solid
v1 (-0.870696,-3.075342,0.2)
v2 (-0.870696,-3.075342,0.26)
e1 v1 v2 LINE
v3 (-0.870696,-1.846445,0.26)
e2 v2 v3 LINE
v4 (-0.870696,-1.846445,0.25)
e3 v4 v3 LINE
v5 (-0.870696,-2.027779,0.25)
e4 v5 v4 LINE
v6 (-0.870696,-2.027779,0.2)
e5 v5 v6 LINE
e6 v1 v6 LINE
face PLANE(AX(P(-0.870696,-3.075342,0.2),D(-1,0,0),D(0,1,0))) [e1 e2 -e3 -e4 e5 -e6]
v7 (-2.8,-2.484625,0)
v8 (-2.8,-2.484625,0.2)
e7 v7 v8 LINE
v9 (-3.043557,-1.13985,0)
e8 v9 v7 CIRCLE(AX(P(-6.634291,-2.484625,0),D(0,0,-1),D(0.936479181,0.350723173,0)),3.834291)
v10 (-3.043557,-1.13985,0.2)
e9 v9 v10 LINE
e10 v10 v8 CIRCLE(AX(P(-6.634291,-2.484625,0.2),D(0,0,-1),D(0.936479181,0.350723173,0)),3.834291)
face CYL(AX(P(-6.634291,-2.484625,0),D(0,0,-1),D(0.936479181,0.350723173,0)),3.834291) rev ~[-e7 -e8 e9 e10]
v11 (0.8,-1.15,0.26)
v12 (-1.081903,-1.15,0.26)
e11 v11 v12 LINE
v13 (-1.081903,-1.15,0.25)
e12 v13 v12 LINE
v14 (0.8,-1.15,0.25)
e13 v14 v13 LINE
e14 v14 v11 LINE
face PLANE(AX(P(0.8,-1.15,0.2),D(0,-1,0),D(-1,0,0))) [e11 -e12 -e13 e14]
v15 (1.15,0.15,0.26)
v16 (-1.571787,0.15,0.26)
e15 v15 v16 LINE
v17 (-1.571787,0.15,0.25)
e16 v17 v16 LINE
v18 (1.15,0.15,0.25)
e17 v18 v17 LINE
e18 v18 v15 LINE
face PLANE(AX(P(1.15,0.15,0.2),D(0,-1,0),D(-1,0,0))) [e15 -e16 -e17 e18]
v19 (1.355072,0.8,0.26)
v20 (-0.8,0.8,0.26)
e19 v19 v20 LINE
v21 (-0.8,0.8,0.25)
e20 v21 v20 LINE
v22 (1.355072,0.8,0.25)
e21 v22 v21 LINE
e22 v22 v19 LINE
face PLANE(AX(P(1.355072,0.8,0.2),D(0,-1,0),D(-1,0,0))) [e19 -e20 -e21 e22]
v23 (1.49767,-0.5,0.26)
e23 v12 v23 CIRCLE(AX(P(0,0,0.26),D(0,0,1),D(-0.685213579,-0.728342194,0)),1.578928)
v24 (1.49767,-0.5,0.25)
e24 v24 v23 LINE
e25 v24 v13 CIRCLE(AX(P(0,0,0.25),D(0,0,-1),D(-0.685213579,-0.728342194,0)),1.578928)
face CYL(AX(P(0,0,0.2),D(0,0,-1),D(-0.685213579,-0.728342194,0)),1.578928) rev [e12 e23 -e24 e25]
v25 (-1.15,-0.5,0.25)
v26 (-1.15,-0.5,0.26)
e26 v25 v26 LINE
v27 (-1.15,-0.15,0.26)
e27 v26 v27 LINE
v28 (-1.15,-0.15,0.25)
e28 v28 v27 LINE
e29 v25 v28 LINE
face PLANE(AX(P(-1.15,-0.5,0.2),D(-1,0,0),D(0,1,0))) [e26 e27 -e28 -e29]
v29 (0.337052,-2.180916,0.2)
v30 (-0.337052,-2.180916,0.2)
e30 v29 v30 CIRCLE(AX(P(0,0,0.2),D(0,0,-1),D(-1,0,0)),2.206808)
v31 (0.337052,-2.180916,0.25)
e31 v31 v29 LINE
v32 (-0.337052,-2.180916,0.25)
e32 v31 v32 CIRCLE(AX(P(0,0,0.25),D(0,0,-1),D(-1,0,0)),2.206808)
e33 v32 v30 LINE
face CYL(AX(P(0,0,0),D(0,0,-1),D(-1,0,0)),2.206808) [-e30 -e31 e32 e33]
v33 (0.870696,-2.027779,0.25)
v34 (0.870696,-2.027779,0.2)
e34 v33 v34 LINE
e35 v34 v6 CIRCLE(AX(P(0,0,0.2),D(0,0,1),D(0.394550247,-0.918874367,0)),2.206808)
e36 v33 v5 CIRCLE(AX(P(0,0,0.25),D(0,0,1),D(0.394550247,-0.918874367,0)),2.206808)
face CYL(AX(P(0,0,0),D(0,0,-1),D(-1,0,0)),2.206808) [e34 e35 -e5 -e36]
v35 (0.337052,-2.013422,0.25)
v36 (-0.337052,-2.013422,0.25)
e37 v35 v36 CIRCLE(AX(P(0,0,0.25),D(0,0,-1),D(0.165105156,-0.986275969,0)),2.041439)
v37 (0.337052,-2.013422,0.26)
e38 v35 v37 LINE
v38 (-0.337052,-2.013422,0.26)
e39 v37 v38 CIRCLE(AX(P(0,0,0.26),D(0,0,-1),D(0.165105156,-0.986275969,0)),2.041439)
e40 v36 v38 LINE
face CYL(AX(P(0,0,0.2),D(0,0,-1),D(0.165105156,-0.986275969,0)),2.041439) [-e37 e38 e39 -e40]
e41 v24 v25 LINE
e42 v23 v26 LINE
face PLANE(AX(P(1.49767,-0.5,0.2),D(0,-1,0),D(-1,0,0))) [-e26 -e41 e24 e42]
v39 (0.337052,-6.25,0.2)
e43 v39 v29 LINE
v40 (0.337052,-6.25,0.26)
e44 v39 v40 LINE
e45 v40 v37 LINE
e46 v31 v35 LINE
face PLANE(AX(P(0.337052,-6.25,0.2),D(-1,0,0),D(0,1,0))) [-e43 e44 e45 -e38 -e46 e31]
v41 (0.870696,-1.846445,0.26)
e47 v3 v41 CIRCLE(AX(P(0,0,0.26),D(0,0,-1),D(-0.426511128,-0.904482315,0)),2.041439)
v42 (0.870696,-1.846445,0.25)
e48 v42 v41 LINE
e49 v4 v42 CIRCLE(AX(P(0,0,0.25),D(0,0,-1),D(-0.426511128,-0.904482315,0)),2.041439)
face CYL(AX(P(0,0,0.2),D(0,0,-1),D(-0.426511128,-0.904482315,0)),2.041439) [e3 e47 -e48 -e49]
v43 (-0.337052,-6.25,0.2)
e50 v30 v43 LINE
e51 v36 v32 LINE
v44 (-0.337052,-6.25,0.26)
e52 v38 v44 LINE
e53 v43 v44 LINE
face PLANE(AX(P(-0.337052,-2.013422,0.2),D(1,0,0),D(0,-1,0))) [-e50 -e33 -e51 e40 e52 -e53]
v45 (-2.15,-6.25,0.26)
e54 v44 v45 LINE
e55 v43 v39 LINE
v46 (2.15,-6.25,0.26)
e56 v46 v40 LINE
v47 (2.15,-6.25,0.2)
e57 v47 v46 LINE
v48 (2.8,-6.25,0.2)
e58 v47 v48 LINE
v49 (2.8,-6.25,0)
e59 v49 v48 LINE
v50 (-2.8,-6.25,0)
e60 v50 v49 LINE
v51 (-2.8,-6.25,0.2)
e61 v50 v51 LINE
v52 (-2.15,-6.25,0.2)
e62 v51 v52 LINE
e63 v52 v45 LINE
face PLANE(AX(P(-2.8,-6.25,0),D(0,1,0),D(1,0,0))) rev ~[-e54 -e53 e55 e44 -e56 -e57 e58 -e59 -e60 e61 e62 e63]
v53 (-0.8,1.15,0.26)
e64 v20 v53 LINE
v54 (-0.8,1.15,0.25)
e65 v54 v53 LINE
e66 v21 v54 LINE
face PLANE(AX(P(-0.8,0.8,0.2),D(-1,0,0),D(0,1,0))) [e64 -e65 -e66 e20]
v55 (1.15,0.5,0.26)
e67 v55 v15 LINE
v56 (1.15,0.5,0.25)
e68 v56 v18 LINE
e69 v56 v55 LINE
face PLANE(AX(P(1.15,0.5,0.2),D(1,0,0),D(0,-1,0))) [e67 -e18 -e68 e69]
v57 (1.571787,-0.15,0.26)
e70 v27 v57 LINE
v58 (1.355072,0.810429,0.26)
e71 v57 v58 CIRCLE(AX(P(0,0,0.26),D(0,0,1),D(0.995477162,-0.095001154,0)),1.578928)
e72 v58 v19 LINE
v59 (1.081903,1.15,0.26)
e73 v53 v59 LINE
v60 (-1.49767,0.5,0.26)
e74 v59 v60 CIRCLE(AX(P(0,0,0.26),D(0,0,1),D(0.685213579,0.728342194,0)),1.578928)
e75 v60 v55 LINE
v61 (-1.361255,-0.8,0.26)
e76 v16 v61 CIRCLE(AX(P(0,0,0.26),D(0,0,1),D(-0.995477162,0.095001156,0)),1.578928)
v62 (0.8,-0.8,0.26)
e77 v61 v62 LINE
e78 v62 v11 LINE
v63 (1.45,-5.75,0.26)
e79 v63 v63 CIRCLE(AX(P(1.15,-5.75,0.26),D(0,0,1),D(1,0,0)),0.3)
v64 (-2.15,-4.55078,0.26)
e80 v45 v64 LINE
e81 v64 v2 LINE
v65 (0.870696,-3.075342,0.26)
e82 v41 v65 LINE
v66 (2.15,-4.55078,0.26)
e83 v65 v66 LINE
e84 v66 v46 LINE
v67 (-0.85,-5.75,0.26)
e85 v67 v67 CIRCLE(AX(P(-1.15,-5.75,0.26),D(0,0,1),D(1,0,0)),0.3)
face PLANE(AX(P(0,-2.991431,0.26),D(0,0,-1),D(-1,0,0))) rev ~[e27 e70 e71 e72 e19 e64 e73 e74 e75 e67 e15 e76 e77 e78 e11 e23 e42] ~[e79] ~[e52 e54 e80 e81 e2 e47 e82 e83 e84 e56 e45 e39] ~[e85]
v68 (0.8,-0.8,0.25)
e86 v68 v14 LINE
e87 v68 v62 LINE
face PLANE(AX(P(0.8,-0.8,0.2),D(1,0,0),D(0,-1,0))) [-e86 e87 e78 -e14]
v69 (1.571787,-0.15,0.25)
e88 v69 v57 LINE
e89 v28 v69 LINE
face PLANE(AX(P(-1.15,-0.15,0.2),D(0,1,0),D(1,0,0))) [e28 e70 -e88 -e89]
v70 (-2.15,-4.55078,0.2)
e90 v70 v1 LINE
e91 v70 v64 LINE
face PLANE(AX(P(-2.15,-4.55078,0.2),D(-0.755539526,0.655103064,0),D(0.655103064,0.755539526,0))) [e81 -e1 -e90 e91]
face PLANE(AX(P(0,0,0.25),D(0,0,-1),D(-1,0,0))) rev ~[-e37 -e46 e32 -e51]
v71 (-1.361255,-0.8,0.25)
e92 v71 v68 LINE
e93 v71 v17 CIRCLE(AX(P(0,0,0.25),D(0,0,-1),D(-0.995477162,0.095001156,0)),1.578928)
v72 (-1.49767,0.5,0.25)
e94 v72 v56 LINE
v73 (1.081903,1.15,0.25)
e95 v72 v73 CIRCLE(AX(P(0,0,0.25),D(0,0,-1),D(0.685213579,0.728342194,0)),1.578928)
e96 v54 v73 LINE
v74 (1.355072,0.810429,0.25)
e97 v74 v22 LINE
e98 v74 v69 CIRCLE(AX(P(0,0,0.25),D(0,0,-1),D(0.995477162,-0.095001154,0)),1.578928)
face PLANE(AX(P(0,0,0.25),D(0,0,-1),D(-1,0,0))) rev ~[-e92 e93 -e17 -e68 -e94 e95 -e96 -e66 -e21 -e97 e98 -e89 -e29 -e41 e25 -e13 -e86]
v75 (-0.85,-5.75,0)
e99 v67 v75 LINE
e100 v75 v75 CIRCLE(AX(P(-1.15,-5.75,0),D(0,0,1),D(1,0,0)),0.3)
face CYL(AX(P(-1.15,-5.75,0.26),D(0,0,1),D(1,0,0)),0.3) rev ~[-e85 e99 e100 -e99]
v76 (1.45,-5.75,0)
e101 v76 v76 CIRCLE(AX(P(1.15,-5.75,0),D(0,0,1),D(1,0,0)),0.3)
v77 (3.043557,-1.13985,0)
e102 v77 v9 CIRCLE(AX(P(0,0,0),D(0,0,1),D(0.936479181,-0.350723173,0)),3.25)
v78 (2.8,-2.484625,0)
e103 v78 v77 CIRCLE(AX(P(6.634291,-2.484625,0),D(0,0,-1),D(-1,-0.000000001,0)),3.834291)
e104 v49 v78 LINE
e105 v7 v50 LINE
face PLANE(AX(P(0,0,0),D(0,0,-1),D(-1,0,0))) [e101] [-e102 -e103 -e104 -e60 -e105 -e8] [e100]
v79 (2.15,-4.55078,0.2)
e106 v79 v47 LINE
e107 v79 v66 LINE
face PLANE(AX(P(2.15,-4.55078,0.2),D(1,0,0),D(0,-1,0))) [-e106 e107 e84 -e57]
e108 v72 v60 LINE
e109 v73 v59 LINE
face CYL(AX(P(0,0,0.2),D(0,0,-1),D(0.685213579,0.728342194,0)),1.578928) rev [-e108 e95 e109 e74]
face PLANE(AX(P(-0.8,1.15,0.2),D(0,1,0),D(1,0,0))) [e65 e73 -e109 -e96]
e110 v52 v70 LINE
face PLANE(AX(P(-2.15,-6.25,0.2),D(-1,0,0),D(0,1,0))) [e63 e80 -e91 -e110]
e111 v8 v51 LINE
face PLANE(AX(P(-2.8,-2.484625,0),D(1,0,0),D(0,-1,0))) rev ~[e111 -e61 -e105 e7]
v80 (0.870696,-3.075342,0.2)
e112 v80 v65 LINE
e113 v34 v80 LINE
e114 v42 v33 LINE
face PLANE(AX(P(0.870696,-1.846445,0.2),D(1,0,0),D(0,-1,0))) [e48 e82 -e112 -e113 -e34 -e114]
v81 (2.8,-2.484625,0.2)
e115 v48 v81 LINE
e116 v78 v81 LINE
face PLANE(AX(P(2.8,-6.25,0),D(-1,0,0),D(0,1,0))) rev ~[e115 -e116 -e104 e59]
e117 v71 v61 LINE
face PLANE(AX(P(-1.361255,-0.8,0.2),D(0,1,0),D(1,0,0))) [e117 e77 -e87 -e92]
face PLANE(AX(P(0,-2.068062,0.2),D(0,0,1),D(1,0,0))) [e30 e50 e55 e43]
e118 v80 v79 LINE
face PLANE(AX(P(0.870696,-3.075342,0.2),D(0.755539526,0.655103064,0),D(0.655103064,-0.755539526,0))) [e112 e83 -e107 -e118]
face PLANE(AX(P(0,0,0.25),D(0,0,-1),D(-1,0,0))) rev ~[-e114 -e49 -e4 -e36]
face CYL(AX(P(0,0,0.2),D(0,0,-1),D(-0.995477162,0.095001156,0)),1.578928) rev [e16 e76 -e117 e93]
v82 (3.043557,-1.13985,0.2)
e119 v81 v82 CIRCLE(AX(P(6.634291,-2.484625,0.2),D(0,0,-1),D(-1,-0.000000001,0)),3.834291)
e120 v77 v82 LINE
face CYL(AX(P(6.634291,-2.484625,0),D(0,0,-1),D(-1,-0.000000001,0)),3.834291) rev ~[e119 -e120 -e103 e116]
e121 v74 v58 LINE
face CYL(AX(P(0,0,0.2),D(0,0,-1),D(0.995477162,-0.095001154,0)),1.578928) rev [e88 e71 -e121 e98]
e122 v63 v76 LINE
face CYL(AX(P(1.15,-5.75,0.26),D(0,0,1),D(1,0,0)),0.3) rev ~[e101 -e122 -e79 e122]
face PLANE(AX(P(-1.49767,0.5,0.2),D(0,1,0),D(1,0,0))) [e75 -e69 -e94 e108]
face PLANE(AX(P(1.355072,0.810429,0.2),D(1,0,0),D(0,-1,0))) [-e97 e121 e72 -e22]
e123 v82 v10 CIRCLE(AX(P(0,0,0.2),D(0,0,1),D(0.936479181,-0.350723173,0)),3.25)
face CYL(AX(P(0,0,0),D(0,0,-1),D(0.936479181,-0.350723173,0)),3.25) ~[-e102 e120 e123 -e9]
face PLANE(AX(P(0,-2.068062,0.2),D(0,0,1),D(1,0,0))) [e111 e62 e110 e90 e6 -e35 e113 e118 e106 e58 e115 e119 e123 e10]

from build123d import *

# Parameters (mm, degrees)
BOSS_EXTRUDE1_DEPTH = 0.2
SKETCH2_R           = 2.206807536
BOSS_EXTRUDE2_DEPTH = 0.25
BOSS_EXTRUDE3_DEPTH = 0.06
SKETCH5_R           = 0.3
CUT_EXTRUDE1_DEPTH  = 1.26


with BuildPart() as part:
    # Sketch1 → Boss-Extrude1 (new body)
    with BuildSketch(Plane.XY):
        with BuildLine():
            Line((-2.8, -6.25), (2.8, -6.25))
            Line((2.8, -6.25), (2.8, -2.484625193))
            ThreePointArc((2.8, -2.484625193), (2.861380635, -1.801298833), (3.043557337, -1.139850312))
            ThreePointArc((3.043557337, -1.139850312), (0, 3.25), (-3.043557337, -1.139850312))
            ThreePointArc((-3.043557337, -1.139850312), (-2.861380635, -1.801298833), (-2.8, -2.484625193))
            Line((-2.8, -2.484625193), (-2.8, -6.25))
        make_face()
    extrude(amount=BOSS_EXTRUDE1_DEPTH)

    # Sketch2 → Boss-Extrude2 (add)
    with BuildSketch(Plane(origin=(0, 0, 0), x_dir=(-1, 0, 0), z_dir=(0, 0, -1))):
        Circle(SKETCH2_R)
    extrude(amount=-BOSS_EXTRUDE2_DEPTH)

    # Sketch3 → Boss-Extrude3 (add)
    with BuildSketch(Plane.XY.offset(0.2)):
        with BuildLine():
            Line((0.870696458, -1.846445486), (0.870696458, -3.07534158))
            Line((0.870696458, -3.07534158), (2.15, -4.550780247))
            Line((2.15, -4.550780247), (2.15, -6.25))
            Line((2.15, -6.25), (0.337052097, -6.25))
            Line((0.337052097, -6.25), (0.337052097, -2.013422245))
            ThreePointArc((0.337052097, -2.013422245), (0, -2.041439016), (-0.337052097, -2.013422245))
            Line((-0.337052097, -2.013422245), (-0.337052097, -6.25))
            Line((-0.337052097, -6.25), (-2.15, -6.25))
            Line((-2.15, -6.25), (-2.15, -4.550780247))
            Line((-2.15, -4.550780247), (-0.870696458, -3.07534158))
            Line((-0.870696458, -3.07534158), (-0.870696458, -1.846445486))
            ThreePointArc((-0.870696458, -1.846445486), (0, 2.041439016), (0.870696458, -1.846445486))
        make_face()
        with BuildLine():
            Line((-0.8, 1.15), (1.081903016, 1.15))
            ThreePointArc((1.081903016, 1.15), (-0.385798466, 1.531069456), (-1.497669568, 0.5))
            Line((-1.497669568, 0.5), (1.15, 0.5))
            Line((1.15, 0.5), (1.15, 0.15))
            Line((1.15, 0.15), (-1.571786925, 0.15))
            ThreePointArc((-1.571786925, 0.15), (-1.54152787, -0.341622545), (-1.361254618, -0.8))
            Line((-1.361254618, -0.8), (0.8, -0.8))
            Line((0.8, -0.8), (0.8, -1.15))
            Line((0.8, -1.15), (-1.081903016, -1.15))
            ThreePointArc((-1.081903016, -1.15), (0.385798466, -1.531069456), (1.497669568, -0.5))
            Line((1.497669568, -0.5), (-1.15, -0.5))
            Line((-1.15, -0.5), (-1.15, -0.15))
            Line((-1.15, -0.15), (1.571786925, -0.15))
            ThreePointArc((1.571786925, -0.15), (1.540204935, 0.347538335), (1.355071738, 0.810428727))
            Line((1.355071738, 0.810428727), (1.355071738, 0.8))
            Line((1.355071738, 0.8), (-0.8, 0.8))
            Line((-0.8, 0.8), (-0.8, 1.15))
        make_face(mode=Mode.SUBTRACT)
    extrude(amount=BOSS_EXTRUDE3_DEPTH)

    # Sketch5 → Cut-Extrude1 (cut, through all)
    with BuildSketch(Plane.XY.offset(0.26)):
        with Locations((-1.15, -5.75)):
            Circle(SKETCH5_R)
        with Locations((1.15, -5.75)):
            Circle(SKETCH5_R)
    extrude(amount=-CUT_EXTRUDE1_DEPTH, mode=Mode.SUBTRACT)


solid = part.part
